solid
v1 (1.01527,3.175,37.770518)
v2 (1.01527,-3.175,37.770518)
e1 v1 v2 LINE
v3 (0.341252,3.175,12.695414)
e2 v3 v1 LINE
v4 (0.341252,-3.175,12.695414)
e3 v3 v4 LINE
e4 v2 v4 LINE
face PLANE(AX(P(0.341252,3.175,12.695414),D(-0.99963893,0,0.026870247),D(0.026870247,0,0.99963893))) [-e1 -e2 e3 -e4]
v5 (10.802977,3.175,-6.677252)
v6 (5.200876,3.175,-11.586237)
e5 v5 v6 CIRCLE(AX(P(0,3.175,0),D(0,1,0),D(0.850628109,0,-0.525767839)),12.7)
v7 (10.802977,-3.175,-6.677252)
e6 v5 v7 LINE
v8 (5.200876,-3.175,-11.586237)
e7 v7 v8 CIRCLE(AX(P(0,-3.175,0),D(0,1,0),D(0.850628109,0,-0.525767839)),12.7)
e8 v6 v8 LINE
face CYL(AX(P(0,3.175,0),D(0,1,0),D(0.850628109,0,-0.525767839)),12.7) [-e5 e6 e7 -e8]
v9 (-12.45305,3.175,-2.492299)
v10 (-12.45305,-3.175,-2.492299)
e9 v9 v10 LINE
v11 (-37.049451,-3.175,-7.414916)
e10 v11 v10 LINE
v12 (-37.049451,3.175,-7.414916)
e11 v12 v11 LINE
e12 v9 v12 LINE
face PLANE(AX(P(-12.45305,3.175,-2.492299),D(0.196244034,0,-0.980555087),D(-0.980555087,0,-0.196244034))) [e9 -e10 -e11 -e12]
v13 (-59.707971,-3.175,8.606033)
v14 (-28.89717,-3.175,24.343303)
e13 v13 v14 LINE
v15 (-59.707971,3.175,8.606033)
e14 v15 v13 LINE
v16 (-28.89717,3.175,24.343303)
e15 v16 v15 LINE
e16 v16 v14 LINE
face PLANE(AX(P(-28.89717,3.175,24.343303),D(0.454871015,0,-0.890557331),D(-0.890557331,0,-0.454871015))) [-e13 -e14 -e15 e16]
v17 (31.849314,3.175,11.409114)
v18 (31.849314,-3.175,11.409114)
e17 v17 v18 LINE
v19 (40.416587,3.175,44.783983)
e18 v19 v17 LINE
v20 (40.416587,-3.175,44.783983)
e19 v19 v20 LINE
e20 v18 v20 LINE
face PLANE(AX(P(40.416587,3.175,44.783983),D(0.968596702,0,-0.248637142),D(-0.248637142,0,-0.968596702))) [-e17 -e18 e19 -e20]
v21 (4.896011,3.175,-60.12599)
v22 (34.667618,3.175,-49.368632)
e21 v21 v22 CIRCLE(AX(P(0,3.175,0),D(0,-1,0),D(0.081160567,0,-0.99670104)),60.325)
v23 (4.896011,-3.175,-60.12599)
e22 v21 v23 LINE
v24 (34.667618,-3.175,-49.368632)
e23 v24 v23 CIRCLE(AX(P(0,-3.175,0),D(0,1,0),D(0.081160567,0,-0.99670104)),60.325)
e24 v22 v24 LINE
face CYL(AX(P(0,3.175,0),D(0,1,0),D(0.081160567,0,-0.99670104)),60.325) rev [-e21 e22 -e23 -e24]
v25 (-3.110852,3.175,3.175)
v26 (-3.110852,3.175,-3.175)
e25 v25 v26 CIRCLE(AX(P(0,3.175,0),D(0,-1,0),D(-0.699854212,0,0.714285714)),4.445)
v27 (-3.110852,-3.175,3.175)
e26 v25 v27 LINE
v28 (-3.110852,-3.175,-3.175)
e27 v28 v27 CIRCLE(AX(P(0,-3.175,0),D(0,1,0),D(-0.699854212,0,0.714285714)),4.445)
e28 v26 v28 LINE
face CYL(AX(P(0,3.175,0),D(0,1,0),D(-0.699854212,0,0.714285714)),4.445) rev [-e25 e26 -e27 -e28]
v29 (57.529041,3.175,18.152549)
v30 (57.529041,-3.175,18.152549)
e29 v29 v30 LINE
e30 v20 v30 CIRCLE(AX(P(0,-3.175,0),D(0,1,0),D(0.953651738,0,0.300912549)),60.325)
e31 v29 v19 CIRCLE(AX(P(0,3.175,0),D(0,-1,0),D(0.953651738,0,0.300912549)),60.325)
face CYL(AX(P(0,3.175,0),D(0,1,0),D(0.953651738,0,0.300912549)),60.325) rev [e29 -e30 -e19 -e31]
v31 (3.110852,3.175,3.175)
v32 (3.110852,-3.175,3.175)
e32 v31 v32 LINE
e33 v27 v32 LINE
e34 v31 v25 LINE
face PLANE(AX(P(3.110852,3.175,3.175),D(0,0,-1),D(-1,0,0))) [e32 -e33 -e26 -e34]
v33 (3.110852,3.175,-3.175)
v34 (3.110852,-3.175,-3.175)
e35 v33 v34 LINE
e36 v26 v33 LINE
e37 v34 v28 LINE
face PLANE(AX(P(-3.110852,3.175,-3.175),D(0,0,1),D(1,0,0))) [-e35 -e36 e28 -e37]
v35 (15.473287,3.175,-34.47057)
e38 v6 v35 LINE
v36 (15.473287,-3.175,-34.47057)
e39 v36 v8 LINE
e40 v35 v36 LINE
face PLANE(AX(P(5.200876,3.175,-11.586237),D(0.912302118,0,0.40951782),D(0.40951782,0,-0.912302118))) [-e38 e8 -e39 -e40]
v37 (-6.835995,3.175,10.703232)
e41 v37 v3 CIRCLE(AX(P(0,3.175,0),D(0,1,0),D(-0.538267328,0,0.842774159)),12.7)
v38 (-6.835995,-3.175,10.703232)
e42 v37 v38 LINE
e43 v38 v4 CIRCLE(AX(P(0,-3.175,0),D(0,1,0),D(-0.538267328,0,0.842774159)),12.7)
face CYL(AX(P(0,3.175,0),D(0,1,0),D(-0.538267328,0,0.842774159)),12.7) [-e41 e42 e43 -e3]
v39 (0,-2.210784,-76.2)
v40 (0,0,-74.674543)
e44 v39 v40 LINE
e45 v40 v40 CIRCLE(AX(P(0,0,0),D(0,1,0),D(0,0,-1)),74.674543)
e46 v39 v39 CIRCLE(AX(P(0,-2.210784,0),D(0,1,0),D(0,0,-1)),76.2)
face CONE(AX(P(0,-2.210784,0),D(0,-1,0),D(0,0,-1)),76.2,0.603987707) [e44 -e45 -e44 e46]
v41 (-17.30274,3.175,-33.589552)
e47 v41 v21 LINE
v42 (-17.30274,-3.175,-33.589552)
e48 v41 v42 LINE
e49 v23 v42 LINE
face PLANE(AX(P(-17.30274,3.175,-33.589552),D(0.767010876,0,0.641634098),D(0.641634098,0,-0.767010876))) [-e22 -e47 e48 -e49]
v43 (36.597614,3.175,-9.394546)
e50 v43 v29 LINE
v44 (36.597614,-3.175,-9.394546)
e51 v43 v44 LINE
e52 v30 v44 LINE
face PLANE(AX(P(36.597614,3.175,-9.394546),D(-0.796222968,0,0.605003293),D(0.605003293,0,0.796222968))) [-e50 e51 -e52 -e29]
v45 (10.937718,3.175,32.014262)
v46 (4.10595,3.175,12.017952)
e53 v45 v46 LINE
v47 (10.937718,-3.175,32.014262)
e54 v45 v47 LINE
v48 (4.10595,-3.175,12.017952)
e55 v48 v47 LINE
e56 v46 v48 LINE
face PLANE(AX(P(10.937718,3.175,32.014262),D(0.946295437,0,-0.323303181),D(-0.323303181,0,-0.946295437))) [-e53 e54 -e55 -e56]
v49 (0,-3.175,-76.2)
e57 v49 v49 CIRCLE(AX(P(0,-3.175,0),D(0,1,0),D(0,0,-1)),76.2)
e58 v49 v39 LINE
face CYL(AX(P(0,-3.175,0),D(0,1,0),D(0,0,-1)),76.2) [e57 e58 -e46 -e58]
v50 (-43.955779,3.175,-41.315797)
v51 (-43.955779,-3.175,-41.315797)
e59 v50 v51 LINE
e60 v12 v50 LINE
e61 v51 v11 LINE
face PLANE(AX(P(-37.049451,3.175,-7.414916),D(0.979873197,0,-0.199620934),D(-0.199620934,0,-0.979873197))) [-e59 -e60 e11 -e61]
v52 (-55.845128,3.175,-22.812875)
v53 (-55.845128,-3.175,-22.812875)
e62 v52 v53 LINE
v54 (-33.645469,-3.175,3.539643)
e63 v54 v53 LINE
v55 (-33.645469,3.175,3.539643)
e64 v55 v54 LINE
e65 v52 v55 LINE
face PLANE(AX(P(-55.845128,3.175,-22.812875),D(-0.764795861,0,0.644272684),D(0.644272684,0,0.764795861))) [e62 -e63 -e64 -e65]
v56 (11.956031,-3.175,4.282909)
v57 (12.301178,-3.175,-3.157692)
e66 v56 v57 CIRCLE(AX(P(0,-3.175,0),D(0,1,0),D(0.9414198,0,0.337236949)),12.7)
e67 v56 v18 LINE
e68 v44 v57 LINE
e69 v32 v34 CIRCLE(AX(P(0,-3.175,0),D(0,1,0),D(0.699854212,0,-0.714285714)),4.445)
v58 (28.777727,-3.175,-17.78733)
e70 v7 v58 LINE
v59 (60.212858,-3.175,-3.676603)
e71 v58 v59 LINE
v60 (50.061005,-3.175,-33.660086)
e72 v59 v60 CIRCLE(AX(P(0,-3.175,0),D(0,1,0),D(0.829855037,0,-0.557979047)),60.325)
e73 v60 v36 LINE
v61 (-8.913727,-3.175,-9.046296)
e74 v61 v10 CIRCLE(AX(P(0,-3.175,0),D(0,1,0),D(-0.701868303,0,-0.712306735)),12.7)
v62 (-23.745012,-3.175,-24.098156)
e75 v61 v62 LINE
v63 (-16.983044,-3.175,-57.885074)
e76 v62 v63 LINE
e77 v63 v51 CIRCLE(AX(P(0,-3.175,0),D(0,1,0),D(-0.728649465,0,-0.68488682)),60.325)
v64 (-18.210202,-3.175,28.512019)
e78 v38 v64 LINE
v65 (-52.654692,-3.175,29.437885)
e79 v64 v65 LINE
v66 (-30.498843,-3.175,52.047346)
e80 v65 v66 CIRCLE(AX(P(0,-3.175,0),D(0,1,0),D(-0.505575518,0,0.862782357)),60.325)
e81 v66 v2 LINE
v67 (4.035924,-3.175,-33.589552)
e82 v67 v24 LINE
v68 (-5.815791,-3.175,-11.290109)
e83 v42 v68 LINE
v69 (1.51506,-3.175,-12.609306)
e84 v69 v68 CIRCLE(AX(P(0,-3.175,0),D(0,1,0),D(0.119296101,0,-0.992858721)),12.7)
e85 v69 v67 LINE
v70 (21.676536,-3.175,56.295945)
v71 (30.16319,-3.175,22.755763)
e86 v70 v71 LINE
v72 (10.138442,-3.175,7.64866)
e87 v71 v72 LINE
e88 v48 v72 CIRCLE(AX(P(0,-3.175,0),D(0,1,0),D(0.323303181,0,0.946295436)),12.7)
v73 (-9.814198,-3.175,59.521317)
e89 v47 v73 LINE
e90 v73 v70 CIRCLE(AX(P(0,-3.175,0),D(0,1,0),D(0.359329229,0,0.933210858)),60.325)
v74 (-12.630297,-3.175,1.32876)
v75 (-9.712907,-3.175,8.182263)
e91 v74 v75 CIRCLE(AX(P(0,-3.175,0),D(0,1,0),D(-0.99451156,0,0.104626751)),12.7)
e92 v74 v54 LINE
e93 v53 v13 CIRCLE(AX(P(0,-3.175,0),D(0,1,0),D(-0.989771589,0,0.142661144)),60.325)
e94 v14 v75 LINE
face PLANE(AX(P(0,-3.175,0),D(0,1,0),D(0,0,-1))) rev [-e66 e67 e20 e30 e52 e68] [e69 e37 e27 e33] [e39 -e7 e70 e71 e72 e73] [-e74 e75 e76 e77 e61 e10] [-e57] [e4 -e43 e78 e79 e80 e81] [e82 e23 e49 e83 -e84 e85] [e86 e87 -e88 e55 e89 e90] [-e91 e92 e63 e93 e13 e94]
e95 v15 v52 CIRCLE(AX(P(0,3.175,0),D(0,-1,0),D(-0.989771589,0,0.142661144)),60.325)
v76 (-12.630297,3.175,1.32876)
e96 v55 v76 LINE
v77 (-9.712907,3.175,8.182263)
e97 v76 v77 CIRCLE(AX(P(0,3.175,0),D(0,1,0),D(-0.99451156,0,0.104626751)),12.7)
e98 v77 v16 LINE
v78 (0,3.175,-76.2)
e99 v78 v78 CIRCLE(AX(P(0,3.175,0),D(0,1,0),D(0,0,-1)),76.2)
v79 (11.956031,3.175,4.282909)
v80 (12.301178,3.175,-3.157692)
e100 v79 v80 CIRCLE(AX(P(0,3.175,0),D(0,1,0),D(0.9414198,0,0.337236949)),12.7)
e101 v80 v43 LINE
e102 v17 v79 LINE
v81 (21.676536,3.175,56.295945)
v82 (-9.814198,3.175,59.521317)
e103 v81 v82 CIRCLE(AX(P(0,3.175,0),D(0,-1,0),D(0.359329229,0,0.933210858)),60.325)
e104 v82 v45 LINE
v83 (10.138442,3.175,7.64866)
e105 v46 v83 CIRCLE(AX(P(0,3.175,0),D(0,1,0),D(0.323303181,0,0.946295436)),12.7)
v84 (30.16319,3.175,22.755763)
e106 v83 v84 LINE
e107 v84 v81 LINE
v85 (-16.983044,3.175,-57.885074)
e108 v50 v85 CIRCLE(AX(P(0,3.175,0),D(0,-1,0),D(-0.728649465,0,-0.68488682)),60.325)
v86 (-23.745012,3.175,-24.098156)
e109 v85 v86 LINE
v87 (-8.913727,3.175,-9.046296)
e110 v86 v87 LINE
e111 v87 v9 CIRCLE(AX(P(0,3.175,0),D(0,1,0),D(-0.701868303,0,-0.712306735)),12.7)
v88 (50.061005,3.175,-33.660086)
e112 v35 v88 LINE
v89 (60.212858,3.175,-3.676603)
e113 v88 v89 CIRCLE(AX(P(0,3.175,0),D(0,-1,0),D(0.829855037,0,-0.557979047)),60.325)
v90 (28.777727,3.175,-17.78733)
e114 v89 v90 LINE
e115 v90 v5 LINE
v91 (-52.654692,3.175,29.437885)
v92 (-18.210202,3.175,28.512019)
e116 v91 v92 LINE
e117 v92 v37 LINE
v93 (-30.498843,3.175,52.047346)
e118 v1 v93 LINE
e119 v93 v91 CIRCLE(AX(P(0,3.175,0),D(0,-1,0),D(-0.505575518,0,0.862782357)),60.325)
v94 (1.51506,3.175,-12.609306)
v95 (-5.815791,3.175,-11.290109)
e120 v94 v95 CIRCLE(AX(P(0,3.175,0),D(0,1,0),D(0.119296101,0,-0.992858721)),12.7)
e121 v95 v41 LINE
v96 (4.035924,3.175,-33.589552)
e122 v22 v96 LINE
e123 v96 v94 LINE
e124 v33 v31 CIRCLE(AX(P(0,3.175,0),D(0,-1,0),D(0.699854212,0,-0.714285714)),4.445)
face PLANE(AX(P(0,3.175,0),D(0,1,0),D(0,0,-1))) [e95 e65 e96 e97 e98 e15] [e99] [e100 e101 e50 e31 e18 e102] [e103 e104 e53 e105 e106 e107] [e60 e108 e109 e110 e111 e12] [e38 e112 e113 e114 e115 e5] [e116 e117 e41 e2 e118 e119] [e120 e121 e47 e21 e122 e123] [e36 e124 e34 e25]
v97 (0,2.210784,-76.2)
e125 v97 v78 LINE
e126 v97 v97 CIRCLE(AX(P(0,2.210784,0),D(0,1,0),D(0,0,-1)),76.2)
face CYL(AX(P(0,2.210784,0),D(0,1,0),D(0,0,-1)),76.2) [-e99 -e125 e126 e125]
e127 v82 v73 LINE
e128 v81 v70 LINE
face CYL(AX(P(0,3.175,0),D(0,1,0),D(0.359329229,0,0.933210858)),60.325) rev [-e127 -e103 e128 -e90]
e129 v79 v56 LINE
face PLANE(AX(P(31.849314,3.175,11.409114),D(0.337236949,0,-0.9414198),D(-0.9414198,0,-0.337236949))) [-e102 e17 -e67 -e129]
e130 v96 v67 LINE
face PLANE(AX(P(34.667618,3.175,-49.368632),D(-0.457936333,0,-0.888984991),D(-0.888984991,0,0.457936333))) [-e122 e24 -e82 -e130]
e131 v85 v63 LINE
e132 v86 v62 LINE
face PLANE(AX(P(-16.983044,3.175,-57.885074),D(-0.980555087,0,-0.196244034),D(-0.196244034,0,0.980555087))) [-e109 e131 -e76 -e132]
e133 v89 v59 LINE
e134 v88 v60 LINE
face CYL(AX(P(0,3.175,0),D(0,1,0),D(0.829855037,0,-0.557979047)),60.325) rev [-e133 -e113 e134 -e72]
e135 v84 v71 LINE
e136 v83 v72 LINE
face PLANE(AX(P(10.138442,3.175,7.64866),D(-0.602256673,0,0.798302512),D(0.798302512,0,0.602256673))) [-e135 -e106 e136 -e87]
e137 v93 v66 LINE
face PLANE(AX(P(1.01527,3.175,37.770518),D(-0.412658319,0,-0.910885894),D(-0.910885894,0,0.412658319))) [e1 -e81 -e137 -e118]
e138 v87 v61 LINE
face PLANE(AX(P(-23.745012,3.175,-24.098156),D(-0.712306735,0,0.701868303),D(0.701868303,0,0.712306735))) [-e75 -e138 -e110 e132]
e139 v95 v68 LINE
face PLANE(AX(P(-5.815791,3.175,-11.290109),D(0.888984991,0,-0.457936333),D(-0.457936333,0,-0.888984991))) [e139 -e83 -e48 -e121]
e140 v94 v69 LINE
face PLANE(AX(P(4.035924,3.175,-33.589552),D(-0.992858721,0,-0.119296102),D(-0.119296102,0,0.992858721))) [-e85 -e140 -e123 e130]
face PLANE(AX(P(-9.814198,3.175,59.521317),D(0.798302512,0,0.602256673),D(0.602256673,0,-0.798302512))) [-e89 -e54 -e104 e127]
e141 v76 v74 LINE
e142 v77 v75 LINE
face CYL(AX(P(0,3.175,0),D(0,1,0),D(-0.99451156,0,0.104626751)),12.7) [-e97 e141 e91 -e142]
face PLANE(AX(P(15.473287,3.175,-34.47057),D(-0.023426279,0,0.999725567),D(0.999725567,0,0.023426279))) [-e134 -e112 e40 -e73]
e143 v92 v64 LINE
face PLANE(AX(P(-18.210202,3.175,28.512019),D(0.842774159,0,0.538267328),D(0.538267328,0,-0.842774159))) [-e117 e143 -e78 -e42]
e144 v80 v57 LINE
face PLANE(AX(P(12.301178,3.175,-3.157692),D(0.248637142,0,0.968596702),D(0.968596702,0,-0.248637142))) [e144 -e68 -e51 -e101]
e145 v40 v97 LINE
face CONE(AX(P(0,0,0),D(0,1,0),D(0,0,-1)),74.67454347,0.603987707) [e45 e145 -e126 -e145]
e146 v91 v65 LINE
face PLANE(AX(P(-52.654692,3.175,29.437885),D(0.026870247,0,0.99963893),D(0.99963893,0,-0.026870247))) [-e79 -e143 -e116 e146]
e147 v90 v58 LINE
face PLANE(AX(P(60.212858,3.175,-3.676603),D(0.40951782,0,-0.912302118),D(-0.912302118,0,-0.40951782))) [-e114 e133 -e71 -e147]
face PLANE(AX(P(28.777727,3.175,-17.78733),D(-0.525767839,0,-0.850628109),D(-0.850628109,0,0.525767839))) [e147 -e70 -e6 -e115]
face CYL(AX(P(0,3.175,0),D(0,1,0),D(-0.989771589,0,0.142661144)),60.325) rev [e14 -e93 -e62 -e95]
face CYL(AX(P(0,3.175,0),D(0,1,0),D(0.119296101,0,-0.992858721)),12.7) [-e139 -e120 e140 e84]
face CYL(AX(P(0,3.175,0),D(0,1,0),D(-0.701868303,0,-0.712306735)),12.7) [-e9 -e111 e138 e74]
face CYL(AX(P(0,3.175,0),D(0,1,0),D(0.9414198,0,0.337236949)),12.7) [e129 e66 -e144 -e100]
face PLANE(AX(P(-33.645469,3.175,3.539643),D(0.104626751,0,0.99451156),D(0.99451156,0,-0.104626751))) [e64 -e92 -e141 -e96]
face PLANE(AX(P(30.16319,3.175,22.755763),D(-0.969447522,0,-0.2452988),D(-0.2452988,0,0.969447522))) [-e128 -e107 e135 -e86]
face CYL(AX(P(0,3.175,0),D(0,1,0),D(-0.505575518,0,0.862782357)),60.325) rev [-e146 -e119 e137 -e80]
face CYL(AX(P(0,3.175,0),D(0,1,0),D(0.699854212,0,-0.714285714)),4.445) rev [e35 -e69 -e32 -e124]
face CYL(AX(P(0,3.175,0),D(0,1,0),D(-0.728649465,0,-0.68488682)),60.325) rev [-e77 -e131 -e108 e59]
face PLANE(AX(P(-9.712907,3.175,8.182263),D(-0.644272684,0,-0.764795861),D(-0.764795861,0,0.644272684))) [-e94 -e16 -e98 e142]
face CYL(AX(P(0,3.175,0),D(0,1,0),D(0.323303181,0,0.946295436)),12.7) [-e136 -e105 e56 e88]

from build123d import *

# Parameters (mm, degrees)
CUT_EXTRUDE1_DEPTH = 7.35


with BuildPart() as part:
    # Sketch1 → Revolve1 (revolve)
    with BuildSketch(Plane(origin=(0, 0, 0), x_dir=(0, 0, -1), z_dir=(1, 0, 0))):
        Polygon((74.67454347, 0), (76.2, 2.210784201), (76.2, 3.175), (0, 3.175), (0, -3.175), (76.2, -3.175), (76.2, -2.210784201), align=None)
    revolve(axis=Axis((0, -3.175, 0), (0, 1, 0)))

    # Sketch2 → Cut-Extrude1 (cut, through all)
    with BuildSketch(Plane(origin=(0, 3.175, 0), x_dir=(1, 0, 0), z_dir=(0, 1, 0))):
        with BuildLine():
            Line((-3.110851973, 3.175), (3.110851973, 3.175))
            ThreePointArc((3.110851973, 3.175), (4.445, 0), (3.110851973, -3.175))
            Line((3.110851973, -3.175), (-3.110851973, -3.175))
            ThreePointArc((-3.110851973, -3.175), (-4.445, 0), (-3.110851973, 3.175))
        make_face()
        with BuildLine():
            Line((-17.302740061, 33.589551898), (4.896011221, 60.125990213))
            ThreePointArc((4.896011221, 60.125990213), (20.500009374, 56.734956073), (34.667618402, 49.368632342))
            Line((34.667618402, 49.368632342), (4.035924256, 33.589551898))
            Line((4.035924256, 33.589551898), (1.51506049, 12.609305759))
            ThreePointArc((1.51506049, 12.609305759), (-2.249253525, 12.49923432), (-5.815791429, 11.290109391))
            Line((-5.815791429, 11.290109391), (-17.302740061, 33.589551898))
        make_face()
        with BuildLine():
            Line((15.473287184, 34.470569971), (50.061005129, 33.660086013))
            ThreePointArc((50.061005129, 33.660086013), (57.138721597, 19.346113801), (60.21285754, 3.676603308))
            Line((60.21285754, 3.676603308), (28.777726771, 17.787330414))
            Line((28.777726771, 17.787330414), (10.802976979, 6.67725156))
            ThreePointArc((10.802976979, 6.67725156), (8.369908264, 9.551682347), (5.200876316, 11.586236902))
            Line((5.200876316, 11.586236902), (15.473287184, 34.470569971))
        make_face()
        with BuildLine():
            Line((36.597613582, 9.394545783), (57.529041117, -18.152549495))
            ThreePointArc((57.529041117, -18.152549495), (50.75081104, -32.610746752), (40.416586831, -44.783983006))
            Line((40.416586831, -44.783983006), (31.849314069, -11.409113668))
            Line((31.849314069, -11.409113668), (11.956031462, -4.282909254))
            ThreePointArc((11.956031462, -4.282909254), (12.686358414, -0.588481252), (12.301178117, 3.15769171))
            Line((12.301178117, 3.15769171), (36.597613582, 9.394545783))
        make_face()
        with BuildLine():
            Line((30.163190498, -22.755762993), (21.676535765, -56.295944989))
            ThreePointArc((21.676535765, -56.295944989), (6.146504642, -60.011049863), (-9.814198109, -59.52131669))
            Line((-9.814198109, -59.52131669), (10.937718265, -32.014262454))
            Line((10.937718265, -32.014262454), (4.105950396, -12.017952045))
            ThreePointArc((4.105950396, -12.017952045), (7.449721924, -10.285506465), (10.138441898, -7.648659745))
            Line((10.138441898, -7.648659745), (30.163190498, -22.755762993))
        make_face()
        with BuildLine():
            Line((1.015269752, -37.770518102), (-30.498843139, -52.047345679))
            ThreePointArc((-30.498843139, -52.047345679), (-43.086245118, -42.221808425), (-52.6546917, -29.437884892))
            Line((-52.6546917, -29.437884892), (-18.210202481, -28.512018641))
            Line((-18.210202481, -28.512018641), (-6.835995065, -10.703231824))
            ThreePointArc((-6.835995065, -10.703231824), (-3.396707121, -12.237335524), (0.341252143, -12.695414407))
            Line((0.341252143, -12.695414407), (1.015269752, -37.770518102))
        make_face()
        with BuildLine():
            Line((-28.897169825, -24.343302703), (-59.707971096, -8.606033499))
            ThreePointArc((-59.707971096, -8.606033499), (-59.874173504, 7.361315925), (-55.845128481, 22.812874653))
            Line((-55.845128481, 22.812874653), (-33.645469338, -3.539643251))
            Line((-33.645469338, -3.539643251), (-12.630296812, -1.328759734))
            ThreePointArc((-12.630296812, -1.328759734), (-11.685346424, -4.974201337), (-9.712907436, -8.182263082))
            Line((-9.712907436, -8.182263082), (-28.897169825, -24.343302703))
        make_face()
        with BuildLine():
            Line((-37.049451129, 7.414916145), (-43.955778997, 41.315797436))
            ThreePointArc((-43.955778997, 41.315797436), (-31.575628032, 51.40121924), (-16.983044483, 57.885074286))
            Line((-16.983044483, 57.885074286), (-23.745011542, 24.098155702))
            Line((-23.745011542, 24.098155702), (-8.913727449, 9.046295538))
            ThreePointArc((-8.913727449, 9.046295538), (-11.174681532, 6.034607912), (-12.453049608, 2.492299232))
            Line((-12.453049608, 2.492299232), (-37.049451129, 7.414916145))
        make_face()
    extrude(amount=-CUT_EXTRUDE1_DEPTH, mode=Mode.SUBTRACT)


solid = part.part
